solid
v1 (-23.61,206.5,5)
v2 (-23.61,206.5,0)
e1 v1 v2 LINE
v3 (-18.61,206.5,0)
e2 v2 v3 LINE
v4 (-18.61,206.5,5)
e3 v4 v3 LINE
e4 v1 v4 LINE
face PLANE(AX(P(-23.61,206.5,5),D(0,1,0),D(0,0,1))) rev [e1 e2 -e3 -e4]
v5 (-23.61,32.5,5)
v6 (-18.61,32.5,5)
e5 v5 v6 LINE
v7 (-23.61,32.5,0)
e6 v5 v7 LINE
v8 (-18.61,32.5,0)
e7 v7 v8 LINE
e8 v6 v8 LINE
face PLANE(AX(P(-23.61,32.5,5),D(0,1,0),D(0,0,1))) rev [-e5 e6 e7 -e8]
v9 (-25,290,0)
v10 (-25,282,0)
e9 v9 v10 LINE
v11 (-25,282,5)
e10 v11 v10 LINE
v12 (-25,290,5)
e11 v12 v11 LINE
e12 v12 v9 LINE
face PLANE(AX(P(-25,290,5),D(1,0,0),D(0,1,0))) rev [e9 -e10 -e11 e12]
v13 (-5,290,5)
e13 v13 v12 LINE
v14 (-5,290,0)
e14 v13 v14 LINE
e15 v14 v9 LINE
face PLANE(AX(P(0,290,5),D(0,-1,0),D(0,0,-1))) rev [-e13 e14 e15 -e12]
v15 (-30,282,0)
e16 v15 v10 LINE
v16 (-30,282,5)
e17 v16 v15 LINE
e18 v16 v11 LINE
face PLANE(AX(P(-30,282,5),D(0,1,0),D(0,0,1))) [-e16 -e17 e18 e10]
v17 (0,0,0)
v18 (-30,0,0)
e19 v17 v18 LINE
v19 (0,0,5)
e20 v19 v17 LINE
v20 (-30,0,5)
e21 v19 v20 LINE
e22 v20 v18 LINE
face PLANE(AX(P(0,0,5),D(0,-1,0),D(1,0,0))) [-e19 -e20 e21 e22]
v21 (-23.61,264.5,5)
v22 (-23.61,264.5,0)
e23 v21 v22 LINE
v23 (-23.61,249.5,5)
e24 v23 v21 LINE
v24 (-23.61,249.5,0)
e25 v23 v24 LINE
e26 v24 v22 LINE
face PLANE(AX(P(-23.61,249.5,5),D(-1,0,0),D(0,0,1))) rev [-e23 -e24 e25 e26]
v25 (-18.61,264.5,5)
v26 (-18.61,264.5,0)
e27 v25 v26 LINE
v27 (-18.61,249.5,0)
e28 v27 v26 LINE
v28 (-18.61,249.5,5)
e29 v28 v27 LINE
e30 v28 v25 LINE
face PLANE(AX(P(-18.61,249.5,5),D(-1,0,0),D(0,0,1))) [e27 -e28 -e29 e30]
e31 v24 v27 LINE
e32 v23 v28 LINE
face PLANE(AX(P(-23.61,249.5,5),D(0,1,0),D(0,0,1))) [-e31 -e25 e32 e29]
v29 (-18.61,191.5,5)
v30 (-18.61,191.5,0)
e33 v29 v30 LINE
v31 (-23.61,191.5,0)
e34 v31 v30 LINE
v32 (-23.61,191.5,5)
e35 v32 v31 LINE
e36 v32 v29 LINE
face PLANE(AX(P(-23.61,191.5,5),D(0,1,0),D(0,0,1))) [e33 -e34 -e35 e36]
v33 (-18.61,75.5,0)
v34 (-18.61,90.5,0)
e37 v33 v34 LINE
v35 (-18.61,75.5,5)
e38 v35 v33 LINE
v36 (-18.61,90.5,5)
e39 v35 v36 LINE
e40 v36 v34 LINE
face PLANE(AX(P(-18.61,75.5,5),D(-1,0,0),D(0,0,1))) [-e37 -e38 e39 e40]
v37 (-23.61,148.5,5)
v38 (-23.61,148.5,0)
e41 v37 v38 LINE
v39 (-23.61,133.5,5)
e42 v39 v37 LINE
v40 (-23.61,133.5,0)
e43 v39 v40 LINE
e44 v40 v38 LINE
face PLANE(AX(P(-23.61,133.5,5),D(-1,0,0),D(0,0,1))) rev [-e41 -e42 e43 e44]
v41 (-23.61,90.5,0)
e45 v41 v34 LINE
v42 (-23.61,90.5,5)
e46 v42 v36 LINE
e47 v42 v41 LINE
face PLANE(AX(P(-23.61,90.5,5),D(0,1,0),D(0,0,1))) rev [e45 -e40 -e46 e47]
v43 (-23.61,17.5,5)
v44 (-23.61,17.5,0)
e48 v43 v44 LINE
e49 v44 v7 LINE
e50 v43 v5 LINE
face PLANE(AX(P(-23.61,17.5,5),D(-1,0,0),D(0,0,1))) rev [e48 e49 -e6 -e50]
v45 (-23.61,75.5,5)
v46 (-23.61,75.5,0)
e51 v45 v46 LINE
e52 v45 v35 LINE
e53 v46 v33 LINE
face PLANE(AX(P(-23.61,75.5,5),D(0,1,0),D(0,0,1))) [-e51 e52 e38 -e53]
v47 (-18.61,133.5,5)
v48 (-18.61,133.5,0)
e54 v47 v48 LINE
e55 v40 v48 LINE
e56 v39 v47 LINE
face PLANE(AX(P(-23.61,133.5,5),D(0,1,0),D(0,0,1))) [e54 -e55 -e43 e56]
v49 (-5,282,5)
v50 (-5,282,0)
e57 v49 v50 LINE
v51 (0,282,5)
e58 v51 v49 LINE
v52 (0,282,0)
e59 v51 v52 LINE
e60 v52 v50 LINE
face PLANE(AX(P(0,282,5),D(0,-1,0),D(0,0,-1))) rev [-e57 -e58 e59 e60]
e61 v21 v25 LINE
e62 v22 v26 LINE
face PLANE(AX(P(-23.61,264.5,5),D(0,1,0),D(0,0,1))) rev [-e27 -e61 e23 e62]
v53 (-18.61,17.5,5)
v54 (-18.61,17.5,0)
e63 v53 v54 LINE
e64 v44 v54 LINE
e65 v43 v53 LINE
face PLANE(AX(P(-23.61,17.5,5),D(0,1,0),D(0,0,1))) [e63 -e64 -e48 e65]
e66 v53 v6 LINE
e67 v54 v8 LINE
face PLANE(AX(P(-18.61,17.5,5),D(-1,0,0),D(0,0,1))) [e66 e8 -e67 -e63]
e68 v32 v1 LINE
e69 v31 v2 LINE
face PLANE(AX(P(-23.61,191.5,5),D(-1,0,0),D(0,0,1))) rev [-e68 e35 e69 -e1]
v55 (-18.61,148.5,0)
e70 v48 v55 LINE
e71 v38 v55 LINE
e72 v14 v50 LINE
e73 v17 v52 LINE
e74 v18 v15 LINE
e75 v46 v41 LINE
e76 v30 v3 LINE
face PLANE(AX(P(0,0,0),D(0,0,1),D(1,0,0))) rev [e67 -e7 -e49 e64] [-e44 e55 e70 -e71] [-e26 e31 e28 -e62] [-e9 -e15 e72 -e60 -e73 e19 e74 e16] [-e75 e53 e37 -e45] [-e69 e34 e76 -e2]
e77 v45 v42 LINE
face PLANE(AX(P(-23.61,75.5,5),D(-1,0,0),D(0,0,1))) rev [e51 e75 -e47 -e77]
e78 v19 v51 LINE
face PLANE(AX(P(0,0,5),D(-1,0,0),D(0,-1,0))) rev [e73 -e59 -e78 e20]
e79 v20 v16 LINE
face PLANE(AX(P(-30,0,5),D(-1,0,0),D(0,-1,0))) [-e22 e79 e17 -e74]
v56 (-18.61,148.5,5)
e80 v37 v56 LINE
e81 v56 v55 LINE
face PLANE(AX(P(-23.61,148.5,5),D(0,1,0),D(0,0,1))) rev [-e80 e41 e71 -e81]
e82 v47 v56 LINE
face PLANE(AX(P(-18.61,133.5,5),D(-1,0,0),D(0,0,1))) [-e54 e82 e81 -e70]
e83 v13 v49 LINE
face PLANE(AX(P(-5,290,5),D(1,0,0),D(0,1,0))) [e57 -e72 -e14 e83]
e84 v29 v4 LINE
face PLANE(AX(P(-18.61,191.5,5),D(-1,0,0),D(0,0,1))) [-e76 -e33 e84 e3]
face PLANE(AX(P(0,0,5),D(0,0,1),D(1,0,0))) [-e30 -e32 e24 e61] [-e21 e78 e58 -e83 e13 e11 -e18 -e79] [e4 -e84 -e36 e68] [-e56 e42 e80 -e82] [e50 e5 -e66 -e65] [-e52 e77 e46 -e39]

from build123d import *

# Parameters (mm, degrees)
ESQUISSE1_W             = 30
ESQUISSE1_H             = 290
BOSS_EXTRU_1_DEPTH      = 5
ESQUISSE1_6_W           = 5
ESQUISSE1_6_H           = 8
ENL_V_MAT_EXTRU_1_DEPTH = 5
ESQUISSE1_7_W           = 5
ESQUISSE1_7_H           = 15
ESQUISSE1_7_H_2         = 8
ENL_V_MAT_EXTRU_2_DEPTH = 5


with BuildPart() as part:
    # Esquisse1 → Boss.-Extru.1 (new body)
    with BuildSketch(Plane.XY):
        with Locations((-15, 145)):
            Rectangle(ESQUISSE1_W, ESQUISSE1_H)
    extrude(amount=BOSS_EXTRU_1_DEPTH)

    # Esquisse1<6> → Enlèv. mat.-Extru.1 (cut)
    with BuildSketch(Plane.XY):
        with Locations((-2.5, 286)):
            Rectangle(ESQUISSE1_6_W, ESQUISSE1_6_H)
    extrude(amount=ENL_V_MAT_EXTRU_1_DEPTH, mode=Mode.SUBTRACT)

    # Esquisse1<7> → Enlèv. mat.-Extru.2 (cut)
    with BuildSketch(Plane.XY):
        with Locations((-21.11, 25)):
            Rectangle(ESQUISSE1_7_W, ESQUISSE1_7_H)
        with Locations((-21.11, 83)):
            Rectangle(ESQUISSE1_7_W, ESQUISSE1_7_H)
        with Locations((-21.11, 141)):
            Rectangle(ESQUISSE1_7_W, ESQUISSE1_7_H)
        with Locations((-21.11, 199)):
            Rectangle(ESQUISSE1_7_W, ESQUISSE1_7_H)
        with Locations((-21.11, 257)):
            Rectangle(ESQUISSE1_7_W, ESQUISSE1_7_H)
        with Locations((-27.5, 286)):
            Rectangle(ESQUISSE1_7_W, ESQUISSE1_7_H_2)
    extrude(amount=ENL_V_MAT_EXTRU_2_DEPTH, mode=Mode.SUBTRACT)


solid = part.part
